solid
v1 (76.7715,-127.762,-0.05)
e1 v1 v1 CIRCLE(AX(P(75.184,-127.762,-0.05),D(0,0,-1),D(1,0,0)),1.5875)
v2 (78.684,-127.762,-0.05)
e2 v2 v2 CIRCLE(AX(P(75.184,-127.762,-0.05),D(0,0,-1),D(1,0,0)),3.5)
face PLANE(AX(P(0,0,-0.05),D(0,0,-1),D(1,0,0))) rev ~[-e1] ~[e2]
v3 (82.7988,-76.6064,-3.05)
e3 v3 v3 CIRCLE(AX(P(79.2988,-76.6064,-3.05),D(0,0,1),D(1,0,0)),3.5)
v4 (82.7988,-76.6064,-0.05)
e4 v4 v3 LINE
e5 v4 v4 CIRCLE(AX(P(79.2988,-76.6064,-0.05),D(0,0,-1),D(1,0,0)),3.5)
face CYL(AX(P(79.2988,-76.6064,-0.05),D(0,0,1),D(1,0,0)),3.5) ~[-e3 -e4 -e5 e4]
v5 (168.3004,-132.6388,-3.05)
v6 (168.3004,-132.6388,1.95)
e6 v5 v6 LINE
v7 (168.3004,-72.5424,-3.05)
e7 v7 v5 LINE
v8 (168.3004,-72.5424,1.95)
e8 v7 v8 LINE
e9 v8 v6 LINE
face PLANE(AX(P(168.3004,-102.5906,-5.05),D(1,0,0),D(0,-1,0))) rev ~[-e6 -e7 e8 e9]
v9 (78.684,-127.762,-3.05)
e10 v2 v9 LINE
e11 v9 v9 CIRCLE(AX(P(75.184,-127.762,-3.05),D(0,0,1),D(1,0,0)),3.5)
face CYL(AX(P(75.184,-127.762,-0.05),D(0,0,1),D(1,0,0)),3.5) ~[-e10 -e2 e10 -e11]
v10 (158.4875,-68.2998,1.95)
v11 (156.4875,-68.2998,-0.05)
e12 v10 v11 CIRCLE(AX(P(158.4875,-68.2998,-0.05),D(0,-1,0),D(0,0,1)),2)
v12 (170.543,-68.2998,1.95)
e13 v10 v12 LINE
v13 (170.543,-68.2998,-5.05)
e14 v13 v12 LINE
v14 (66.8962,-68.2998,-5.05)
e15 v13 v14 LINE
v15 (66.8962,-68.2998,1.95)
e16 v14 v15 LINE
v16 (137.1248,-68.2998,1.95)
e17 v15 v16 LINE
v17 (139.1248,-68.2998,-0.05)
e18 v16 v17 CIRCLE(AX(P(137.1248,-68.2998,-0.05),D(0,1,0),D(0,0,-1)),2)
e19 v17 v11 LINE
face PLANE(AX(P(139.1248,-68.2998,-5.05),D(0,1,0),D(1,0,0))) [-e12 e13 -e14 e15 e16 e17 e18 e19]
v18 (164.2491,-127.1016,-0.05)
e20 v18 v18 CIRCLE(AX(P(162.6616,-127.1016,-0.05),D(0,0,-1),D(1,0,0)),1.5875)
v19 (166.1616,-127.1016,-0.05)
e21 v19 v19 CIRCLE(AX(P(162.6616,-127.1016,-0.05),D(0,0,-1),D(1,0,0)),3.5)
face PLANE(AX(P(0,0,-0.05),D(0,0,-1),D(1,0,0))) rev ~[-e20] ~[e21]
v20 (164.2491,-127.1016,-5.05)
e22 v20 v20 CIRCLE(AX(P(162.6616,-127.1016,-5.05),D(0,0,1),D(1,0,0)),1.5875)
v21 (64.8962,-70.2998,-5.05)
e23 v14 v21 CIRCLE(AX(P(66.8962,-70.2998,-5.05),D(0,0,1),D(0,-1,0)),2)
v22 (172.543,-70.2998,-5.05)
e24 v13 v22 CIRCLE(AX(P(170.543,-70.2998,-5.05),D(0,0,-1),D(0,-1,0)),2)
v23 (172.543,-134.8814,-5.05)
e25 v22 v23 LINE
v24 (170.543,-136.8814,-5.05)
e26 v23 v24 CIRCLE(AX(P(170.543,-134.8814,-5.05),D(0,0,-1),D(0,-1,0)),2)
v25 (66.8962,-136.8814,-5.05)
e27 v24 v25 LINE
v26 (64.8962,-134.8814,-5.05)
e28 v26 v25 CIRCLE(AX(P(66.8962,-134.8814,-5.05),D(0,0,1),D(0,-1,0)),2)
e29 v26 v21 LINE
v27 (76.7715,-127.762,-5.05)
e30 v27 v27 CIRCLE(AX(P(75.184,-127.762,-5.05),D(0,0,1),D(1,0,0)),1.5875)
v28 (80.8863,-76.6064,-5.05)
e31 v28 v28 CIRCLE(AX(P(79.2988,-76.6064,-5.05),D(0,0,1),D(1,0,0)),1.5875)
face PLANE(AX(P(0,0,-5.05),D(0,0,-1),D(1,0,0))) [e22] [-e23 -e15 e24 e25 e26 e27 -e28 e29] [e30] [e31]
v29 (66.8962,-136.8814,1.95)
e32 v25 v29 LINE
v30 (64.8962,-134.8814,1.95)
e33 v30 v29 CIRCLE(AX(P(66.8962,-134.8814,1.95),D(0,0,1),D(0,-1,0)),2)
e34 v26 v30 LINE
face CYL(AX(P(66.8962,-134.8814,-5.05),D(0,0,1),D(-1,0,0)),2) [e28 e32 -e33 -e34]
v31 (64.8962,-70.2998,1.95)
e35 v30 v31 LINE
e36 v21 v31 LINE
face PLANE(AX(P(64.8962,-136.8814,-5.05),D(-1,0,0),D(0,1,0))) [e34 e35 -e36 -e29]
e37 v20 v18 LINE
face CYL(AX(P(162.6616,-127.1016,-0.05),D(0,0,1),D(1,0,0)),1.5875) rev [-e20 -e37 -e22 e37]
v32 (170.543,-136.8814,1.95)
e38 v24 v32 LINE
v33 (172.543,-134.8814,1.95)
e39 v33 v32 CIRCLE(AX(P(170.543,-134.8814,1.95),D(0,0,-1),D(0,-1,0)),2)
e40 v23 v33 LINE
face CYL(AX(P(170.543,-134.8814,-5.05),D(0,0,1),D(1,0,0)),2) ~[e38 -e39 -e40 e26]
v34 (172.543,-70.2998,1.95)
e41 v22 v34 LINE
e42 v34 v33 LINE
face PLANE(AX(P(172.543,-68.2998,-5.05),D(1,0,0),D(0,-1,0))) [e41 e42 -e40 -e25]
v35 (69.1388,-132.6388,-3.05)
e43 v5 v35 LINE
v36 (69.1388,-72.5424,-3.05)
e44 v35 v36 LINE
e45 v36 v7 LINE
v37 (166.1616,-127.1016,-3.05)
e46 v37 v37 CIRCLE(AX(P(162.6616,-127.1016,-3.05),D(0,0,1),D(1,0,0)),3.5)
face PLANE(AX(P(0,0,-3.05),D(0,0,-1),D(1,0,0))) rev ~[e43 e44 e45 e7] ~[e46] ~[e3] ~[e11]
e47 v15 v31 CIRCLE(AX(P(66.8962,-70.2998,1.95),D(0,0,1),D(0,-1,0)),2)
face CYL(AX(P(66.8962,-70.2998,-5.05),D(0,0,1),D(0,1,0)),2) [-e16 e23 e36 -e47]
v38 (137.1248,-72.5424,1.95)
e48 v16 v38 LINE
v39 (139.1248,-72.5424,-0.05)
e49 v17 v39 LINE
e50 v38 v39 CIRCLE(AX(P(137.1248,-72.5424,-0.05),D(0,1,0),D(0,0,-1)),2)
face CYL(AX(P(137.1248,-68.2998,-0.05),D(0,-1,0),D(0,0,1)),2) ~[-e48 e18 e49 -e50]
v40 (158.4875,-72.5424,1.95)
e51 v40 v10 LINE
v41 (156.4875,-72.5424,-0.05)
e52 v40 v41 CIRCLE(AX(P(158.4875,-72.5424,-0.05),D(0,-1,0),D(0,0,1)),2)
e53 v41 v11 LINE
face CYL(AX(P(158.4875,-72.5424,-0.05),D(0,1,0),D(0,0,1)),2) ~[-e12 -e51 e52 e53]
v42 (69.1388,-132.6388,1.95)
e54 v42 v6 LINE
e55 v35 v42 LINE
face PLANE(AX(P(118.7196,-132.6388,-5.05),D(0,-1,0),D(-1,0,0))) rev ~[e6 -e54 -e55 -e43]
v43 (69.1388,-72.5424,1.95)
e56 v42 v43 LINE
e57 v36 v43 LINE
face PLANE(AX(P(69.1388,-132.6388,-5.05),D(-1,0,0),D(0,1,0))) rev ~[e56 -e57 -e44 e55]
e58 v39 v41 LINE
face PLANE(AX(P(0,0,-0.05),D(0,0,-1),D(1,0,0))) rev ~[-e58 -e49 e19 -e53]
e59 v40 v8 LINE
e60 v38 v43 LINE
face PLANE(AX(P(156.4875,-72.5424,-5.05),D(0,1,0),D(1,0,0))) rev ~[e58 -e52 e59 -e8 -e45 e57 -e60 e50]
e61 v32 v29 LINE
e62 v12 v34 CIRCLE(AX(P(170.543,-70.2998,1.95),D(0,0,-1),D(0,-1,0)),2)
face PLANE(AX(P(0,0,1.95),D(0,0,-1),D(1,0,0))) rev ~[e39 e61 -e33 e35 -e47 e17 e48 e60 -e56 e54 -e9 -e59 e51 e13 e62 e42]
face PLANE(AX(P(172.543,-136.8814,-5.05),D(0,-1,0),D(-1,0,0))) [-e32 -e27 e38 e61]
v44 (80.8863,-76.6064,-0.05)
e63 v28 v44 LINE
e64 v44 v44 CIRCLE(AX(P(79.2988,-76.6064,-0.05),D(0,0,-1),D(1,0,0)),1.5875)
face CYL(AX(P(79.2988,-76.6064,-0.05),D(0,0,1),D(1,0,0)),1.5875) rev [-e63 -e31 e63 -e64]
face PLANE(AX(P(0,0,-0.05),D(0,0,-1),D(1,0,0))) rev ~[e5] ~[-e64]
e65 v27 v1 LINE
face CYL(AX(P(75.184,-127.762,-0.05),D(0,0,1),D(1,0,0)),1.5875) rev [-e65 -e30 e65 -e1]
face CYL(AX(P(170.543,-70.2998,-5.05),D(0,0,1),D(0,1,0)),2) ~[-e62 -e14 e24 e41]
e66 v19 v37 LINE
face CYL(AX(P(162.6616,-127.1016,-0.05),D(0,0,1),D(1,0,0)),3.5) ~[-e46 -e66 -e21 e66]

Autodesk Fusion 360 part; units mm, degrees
sketch "Sketch1" plane through (0, 0, -0.05) normal (0, 0, -1) x (1, 0, 0)
  line L0 (69.1388, 132.6388) -> (69.1388, 72.5424)
  line L1 (69.1388, 72.5424) -> (168.3004, 72.5424)
  line L2 (168.3004, 72.5424) -> (168.3004, 132.6388)
  line L3 (168.3004, 132.6388) -> (69.1388, 132.6388)
  circle A0 centre (75.184, 127.762) radius 1.5875
  circle A1 centre (162.6616, 127.1016) radius 1.5875
  circle A2 centre (105.5624, 117.7544) radius 1.9875
  circle A3 centre (100.4824, 117.7544) radius 0.8374
  circle A4 centre (110.6424, 117.7544) radius 0.8374
  circle A5 centre (101.7524, 115.2144) radius 0.7374
  circle A6 centre (137.5664, 111.8616) radius 1.9875
  circle A7 centre (156.6164, 111.8616) radius 1.9875
  circle A8 centre (108.1024, 112.6744) radius 0.7374
  circle A9 centre (132.4864, 111.8616) radius 0.8374
  circle A10 centre (142.6464, 111.8616) radius 0.8374
  circle A11 centre (151.5364, 111.8616) radius 0.8374
  circle A12 centre (161.6964, 111.8616) radius 0.8374
  circle A13 centre (141.3764, 109.3216) radius 0.7374
  circle A14 centre (160.4264, 109.3216) radius 0.7374
  circle A15 centre (79.5528, 106.9848) radius 1.9875
  circle A16 centre (74.4728, 106.9848) radius 0.8374
  circle A17 centre (84.6328, 106.9848) radius 0.8374
  circle A18 centre (135.0264, 106.7816) radius 0.7374
  circle A19 centre (154.0764, 106.7816) radius 0.7374
  circle A20 centre (75.7428, 104.4448) radius 0.7374
  circle A21 centre (82.0928, 101.9048) radius 0.7374
  circle A22 centre (140.0556, 90.7861) radius 0.4319
  circle A23 centre (155.2956, 90.7861) radius 0.4319
  circle A24 centre (140.0556, 88.2461) radius 0.4319
  circle A25 centre (155.2956, 88.2461) radius 0.4319
  circle A26 centre (101.8032, 85.8012) radius 1.9875
  circle A27 centre (120.8532, 85.8012) radius 1.9875
  circle A28 centre (96.7232, 85.8012) radius 0.8374
  circle A29 centre (106.8832, 85.8012) radius 0.8374
  circle A30 centre (115.7732, 85.8012) radius 0.8374
  circle A31 centre (125.9332, 85.8012) radius 0.8374
  circle A32 centre (140.0556, 85.7061) radius 0.4319
  circle A33 centre (155.2956, 85.7061) radius 0.4319
  circle A34 centre (97.9932, 83.2612) radius 0.7374
  circle A35 centre (117.0432, 83.2612) radius 0.7374
  circle A36 centre (140.0556, 83.1661) radius 0.4319
  circle A37 centre (155.2956, 83.1661) radius 0.4319
  circle A38 centre (104.3432, 80.7212) radius 0.7374
  circle A39 centre (123.3932, 80.7212) radius 0.7374
  circle A40 centre (140.0556, 80.6261) radius 0.4319
  circle A41 centre (155.2956, 80.6261) radius 0.4319
  circle A42 centre (140.0556, 78.0861) radius 0.4319
  circle A43 centre (155.2956, 78.0861) radius 0.4319
  circle A44 centre (79.2988, 76.6064) radius 1.5875
  circle A45 centre (140.0556, 75.5461) radius 0.4319
  circle A46 centre (155.2956, 75.5461) radius 0.4319
  circle A47 centre (75.184, 127.762) radius 1.5875
  circle A48 centre (79.2988, 76.6064) radius 1.5875
  circle A49 centre (162.6616, 127.1016) radius 1.5875
  circle A50 centre (162.6616, 127.1016) radius 3.5
  circle A51 centre (79.2988, 76.6064) radius 3.5
  circle A52 centre (75.184, 127.762) radius 3.5
  dimension "d1" = 7
  dimension "d2" = 7
  dimension "d3" = 7
extrude "Extrude1" add sketch "Sketch1" along normal blind 5 contours A50 | A51 | A52 makes body 1 at (72.8681, -125.1378, -3.3833) makes body 2 at (82.7944, -76.4319, -3.3833) makes body 3 at (165.4516, -129.2149, -3.3833)
sketch "Sketch2" plane through (0, 0, -0.05) normal (0, 0, -1) x (1, 0, 0)
sketch "Sketch3" plane through (0, 0, -5.05) normal (0, 0, -1) x (1, 0, 0)
  circle A0 centre (75.184, 127.762) radius 1.5875
  circle A1 centre (75.184, 127.762) radius 3.5
  line L0 (69.1388, 132.6388) -> (69.1388, 72.5424)
  line L1 (69.1388, 72.5424) -> (168.3004, 72.5424)
  line L2 (168.3004, 72.5424) -> (168.3004, 132.6388)
  line L3 (168.3004, 132.6388) -> (69.1388, 132.6388)
  circle A2 centre (75.184, 127.762) radius 1.5875
  circle A3 centre (162.6616, 127.1016) radius 1.5875
  circle A4 centre (105.5624, 117.7544) radius 1.9875
  circle A5 centre (100.4824, 117.7544) radius 0.8374
  circle A6 centre (110.6424, 117.7544) radius 0.8374
  circle A7 centre (101.7524, 115.2144) radius 0.7374
  circle A8 centre (137.5664, 111.8616) radius 1.9875
  circle A9 centre (156.6164, 111.8616) radius 1.9875
  circle A10 centre (108.1024, 112.6744) radius 0.7374
  circle A11 centre (132.4864, 111.8616) radius 0.8374
  circle A12 centre (142.6464, 111.8616) radius 0.8374
  circle A13 centre (151.5364, 111.8616) radius 0.8374
  circle A14 centre (161.6964, 111.8616) radius 0.8374
  circle A15 centre (141.3764, 109.3216) radius 0.7374
  circle A16 centre (160.4264, 109.3216) radius 0.7374
  circle A17 centre (79.5528, 106.9848) radius 1.9875
  circle A18 centre (74.4728, 106.9848) radius 0.8374
  circle A19 centre (84.6328, 106.9848) radius 0.8374
  circle A20 centre (135.0264, 106.7816) radius 0.7374
  circle A21 centre (154.0764, 106.7816) radius 0.7374
  circle A22 centre (75.7428, 104.4448) radius 0.7374
  circle A23 centre (82.0928, 101.9048) radius 0.7374
  circle A24 centre (140.0556, 90.7861) radius 0.4319
  circle A25 centre (155.2956, 90.7861) radius 0.4319
  circle A26 centre (140.0556, 88.2461) radius 0.4319
  circle A27 centre (155.2956, 88.2461) radius 0.4319
  circle A28 centre (101.8032, 85.8012) radius 1.9875
  circle A29 centre (120.8532, 85.8012) radius 1.9875
  circle A30 centre (96.7232, 85.8012) radius 0.8374
  circle A31 centre (106.8832, 85.8012) radius 0.8374
  circle A32 centre (115.7732, 85.8012) radius 0.8374
  circle A33 centre (125.9332, 85.8012) radius 0.8374
  circle A34 centre (140.0556, 85.7061) radius 0.4319
  circle A35 centre (155.2956, 85.7061) radius 0.4319
  circle A36 centre (97.9932, 83.2612) radius 0.7374
  circle A37 centre (117.0432, 83.2612) radius 0.7374
  circle A38 centre (140.0556, 83.1661) radius 0.4319
  circle A39 centre (155.2956, 83.1661) radius 0.4319
  circle A40 centre (104.3432, 80.7212) radius 0.7374
  circle A41 centre (123.3932, 80.7212) radius 0.7374
  circle A42 centre (140.0556, 80.6261) radius 0.4319
  circle A43 centre (155.2956, 80.6261) radius 0.4319
  circle A44 centre (140.0556, 78.0861) radius 0.4319
  circle A45 centre (155.2956, 78.0861) radius 0.4319
  circle A46 centre (79.2988, 76.6064) radius 1.5875
  circle A47 centre (140.0556, 75.5461) radius 0.4319
  circle A48 centre (155.2956, 75.5461) radius 0.4319
  line L4 (118.7196, 132.6388) -> (118.7196, 72.5424)
  line L5 (118.7196, 102.5906) -> (168.3004, 102.5906)
  line L6 (69.1388, 72.5424) -> (64.8962, 68.2998)
  line L7 (168.3004, 132.6388) -> (172.543, 136.8814)
  line L8 (168.3004, 132.6388) -> (174.3004, 132.6388) construction
  line L9 (64.8962, 68.2998) -> (172.543, 68.2998)
  line L10 (172.543, 68.2998) -> (172.543, 136.8814)
  line L11 (172.543, 136.8814) -> (64.8962, 136.8814)
  line L12 (64.8962, 136.8814) -> (64.8962, 68.2998)
  line L13 (69.1388, 72.5424) -> (168.3004, 72.5424)
  line L14 (168.3004, 72.5424) -> (168.3004, 132.6388)
  line L15 (168.3004, 132.6388) -> (69.1388, 132.6388)
  line L16 (69.1388, 132.6388) -> (69.1388, 72.5424)
  line L17 (139.1248, 68.2998) -> (139.1248, 72.5424)
  line L18 (156.4875, 72.5424) -> (156.4875, 68.2998)
  dimension "d6" = 6
  dimension "d7" = 45
  dimension "d8" = 45
  dimension "d9" = 6
extrude "Extrude2" add sketch "Sketch3" against normal blind 7 separate body contours L0 L3 L6 L7 L11 L12 L15 L16 | L1 L6 L9 L13 L17 | L1 L2 L7 L9 L10 L13 L14 L18 makes body 4
sketch "Sketch4" plane through (0, 0, -5.05) normal (0, 0, -1) x (1, 0, 0)
  line L0 (168.3004, 132.6388) -> (69.1388, 132.6388)
  line L1 (69.1388, 132.6388) -> (69.1388, 72.5424)
  line L2 (69.1388, 72.5424) -> (168.3004, 72.5424)
  line L3 (168.3004, 72.5424) -> (168.3004, 132.6388)
  point P0 (69.1388, 72.5424)
  point P1 (168.3004, 132.6388)
extrude "Extrude3" add sketch "Sketch4" sketch "Sketch3" against normal blind 2 of sketch 2 contours A3 bodies 1 2 3 4
extrude "Extrude4" add sketch "Sketch3" against normal blind 2 contours L1 L9 L13 L17 L18 bodies 1
extrude "Extrude5" cut sketch "Sketch1" along normal mid plane 200 contours A0 A47 | A1 A49 | A44 A48 bodies 1
fillet "Fillet1" radius 2 2 edges at (156.4875, -70.4211, 1.95) (139.1248, -70.4211, 1.95) on bodies 1
fillet "Fillet2" radius 2 4 edges at (172.543, -68.2998, -1.55) (172.543, -136.8814, -1.55) (64.8962, -136.8814, -1.55) (64.8962, -68.2998, -1.55) on bodies 1
extrude "Extrude6" add sketch "Sketch3" against normal blind 5 contours L1 L9 L13 L17 L18 bodies 1
